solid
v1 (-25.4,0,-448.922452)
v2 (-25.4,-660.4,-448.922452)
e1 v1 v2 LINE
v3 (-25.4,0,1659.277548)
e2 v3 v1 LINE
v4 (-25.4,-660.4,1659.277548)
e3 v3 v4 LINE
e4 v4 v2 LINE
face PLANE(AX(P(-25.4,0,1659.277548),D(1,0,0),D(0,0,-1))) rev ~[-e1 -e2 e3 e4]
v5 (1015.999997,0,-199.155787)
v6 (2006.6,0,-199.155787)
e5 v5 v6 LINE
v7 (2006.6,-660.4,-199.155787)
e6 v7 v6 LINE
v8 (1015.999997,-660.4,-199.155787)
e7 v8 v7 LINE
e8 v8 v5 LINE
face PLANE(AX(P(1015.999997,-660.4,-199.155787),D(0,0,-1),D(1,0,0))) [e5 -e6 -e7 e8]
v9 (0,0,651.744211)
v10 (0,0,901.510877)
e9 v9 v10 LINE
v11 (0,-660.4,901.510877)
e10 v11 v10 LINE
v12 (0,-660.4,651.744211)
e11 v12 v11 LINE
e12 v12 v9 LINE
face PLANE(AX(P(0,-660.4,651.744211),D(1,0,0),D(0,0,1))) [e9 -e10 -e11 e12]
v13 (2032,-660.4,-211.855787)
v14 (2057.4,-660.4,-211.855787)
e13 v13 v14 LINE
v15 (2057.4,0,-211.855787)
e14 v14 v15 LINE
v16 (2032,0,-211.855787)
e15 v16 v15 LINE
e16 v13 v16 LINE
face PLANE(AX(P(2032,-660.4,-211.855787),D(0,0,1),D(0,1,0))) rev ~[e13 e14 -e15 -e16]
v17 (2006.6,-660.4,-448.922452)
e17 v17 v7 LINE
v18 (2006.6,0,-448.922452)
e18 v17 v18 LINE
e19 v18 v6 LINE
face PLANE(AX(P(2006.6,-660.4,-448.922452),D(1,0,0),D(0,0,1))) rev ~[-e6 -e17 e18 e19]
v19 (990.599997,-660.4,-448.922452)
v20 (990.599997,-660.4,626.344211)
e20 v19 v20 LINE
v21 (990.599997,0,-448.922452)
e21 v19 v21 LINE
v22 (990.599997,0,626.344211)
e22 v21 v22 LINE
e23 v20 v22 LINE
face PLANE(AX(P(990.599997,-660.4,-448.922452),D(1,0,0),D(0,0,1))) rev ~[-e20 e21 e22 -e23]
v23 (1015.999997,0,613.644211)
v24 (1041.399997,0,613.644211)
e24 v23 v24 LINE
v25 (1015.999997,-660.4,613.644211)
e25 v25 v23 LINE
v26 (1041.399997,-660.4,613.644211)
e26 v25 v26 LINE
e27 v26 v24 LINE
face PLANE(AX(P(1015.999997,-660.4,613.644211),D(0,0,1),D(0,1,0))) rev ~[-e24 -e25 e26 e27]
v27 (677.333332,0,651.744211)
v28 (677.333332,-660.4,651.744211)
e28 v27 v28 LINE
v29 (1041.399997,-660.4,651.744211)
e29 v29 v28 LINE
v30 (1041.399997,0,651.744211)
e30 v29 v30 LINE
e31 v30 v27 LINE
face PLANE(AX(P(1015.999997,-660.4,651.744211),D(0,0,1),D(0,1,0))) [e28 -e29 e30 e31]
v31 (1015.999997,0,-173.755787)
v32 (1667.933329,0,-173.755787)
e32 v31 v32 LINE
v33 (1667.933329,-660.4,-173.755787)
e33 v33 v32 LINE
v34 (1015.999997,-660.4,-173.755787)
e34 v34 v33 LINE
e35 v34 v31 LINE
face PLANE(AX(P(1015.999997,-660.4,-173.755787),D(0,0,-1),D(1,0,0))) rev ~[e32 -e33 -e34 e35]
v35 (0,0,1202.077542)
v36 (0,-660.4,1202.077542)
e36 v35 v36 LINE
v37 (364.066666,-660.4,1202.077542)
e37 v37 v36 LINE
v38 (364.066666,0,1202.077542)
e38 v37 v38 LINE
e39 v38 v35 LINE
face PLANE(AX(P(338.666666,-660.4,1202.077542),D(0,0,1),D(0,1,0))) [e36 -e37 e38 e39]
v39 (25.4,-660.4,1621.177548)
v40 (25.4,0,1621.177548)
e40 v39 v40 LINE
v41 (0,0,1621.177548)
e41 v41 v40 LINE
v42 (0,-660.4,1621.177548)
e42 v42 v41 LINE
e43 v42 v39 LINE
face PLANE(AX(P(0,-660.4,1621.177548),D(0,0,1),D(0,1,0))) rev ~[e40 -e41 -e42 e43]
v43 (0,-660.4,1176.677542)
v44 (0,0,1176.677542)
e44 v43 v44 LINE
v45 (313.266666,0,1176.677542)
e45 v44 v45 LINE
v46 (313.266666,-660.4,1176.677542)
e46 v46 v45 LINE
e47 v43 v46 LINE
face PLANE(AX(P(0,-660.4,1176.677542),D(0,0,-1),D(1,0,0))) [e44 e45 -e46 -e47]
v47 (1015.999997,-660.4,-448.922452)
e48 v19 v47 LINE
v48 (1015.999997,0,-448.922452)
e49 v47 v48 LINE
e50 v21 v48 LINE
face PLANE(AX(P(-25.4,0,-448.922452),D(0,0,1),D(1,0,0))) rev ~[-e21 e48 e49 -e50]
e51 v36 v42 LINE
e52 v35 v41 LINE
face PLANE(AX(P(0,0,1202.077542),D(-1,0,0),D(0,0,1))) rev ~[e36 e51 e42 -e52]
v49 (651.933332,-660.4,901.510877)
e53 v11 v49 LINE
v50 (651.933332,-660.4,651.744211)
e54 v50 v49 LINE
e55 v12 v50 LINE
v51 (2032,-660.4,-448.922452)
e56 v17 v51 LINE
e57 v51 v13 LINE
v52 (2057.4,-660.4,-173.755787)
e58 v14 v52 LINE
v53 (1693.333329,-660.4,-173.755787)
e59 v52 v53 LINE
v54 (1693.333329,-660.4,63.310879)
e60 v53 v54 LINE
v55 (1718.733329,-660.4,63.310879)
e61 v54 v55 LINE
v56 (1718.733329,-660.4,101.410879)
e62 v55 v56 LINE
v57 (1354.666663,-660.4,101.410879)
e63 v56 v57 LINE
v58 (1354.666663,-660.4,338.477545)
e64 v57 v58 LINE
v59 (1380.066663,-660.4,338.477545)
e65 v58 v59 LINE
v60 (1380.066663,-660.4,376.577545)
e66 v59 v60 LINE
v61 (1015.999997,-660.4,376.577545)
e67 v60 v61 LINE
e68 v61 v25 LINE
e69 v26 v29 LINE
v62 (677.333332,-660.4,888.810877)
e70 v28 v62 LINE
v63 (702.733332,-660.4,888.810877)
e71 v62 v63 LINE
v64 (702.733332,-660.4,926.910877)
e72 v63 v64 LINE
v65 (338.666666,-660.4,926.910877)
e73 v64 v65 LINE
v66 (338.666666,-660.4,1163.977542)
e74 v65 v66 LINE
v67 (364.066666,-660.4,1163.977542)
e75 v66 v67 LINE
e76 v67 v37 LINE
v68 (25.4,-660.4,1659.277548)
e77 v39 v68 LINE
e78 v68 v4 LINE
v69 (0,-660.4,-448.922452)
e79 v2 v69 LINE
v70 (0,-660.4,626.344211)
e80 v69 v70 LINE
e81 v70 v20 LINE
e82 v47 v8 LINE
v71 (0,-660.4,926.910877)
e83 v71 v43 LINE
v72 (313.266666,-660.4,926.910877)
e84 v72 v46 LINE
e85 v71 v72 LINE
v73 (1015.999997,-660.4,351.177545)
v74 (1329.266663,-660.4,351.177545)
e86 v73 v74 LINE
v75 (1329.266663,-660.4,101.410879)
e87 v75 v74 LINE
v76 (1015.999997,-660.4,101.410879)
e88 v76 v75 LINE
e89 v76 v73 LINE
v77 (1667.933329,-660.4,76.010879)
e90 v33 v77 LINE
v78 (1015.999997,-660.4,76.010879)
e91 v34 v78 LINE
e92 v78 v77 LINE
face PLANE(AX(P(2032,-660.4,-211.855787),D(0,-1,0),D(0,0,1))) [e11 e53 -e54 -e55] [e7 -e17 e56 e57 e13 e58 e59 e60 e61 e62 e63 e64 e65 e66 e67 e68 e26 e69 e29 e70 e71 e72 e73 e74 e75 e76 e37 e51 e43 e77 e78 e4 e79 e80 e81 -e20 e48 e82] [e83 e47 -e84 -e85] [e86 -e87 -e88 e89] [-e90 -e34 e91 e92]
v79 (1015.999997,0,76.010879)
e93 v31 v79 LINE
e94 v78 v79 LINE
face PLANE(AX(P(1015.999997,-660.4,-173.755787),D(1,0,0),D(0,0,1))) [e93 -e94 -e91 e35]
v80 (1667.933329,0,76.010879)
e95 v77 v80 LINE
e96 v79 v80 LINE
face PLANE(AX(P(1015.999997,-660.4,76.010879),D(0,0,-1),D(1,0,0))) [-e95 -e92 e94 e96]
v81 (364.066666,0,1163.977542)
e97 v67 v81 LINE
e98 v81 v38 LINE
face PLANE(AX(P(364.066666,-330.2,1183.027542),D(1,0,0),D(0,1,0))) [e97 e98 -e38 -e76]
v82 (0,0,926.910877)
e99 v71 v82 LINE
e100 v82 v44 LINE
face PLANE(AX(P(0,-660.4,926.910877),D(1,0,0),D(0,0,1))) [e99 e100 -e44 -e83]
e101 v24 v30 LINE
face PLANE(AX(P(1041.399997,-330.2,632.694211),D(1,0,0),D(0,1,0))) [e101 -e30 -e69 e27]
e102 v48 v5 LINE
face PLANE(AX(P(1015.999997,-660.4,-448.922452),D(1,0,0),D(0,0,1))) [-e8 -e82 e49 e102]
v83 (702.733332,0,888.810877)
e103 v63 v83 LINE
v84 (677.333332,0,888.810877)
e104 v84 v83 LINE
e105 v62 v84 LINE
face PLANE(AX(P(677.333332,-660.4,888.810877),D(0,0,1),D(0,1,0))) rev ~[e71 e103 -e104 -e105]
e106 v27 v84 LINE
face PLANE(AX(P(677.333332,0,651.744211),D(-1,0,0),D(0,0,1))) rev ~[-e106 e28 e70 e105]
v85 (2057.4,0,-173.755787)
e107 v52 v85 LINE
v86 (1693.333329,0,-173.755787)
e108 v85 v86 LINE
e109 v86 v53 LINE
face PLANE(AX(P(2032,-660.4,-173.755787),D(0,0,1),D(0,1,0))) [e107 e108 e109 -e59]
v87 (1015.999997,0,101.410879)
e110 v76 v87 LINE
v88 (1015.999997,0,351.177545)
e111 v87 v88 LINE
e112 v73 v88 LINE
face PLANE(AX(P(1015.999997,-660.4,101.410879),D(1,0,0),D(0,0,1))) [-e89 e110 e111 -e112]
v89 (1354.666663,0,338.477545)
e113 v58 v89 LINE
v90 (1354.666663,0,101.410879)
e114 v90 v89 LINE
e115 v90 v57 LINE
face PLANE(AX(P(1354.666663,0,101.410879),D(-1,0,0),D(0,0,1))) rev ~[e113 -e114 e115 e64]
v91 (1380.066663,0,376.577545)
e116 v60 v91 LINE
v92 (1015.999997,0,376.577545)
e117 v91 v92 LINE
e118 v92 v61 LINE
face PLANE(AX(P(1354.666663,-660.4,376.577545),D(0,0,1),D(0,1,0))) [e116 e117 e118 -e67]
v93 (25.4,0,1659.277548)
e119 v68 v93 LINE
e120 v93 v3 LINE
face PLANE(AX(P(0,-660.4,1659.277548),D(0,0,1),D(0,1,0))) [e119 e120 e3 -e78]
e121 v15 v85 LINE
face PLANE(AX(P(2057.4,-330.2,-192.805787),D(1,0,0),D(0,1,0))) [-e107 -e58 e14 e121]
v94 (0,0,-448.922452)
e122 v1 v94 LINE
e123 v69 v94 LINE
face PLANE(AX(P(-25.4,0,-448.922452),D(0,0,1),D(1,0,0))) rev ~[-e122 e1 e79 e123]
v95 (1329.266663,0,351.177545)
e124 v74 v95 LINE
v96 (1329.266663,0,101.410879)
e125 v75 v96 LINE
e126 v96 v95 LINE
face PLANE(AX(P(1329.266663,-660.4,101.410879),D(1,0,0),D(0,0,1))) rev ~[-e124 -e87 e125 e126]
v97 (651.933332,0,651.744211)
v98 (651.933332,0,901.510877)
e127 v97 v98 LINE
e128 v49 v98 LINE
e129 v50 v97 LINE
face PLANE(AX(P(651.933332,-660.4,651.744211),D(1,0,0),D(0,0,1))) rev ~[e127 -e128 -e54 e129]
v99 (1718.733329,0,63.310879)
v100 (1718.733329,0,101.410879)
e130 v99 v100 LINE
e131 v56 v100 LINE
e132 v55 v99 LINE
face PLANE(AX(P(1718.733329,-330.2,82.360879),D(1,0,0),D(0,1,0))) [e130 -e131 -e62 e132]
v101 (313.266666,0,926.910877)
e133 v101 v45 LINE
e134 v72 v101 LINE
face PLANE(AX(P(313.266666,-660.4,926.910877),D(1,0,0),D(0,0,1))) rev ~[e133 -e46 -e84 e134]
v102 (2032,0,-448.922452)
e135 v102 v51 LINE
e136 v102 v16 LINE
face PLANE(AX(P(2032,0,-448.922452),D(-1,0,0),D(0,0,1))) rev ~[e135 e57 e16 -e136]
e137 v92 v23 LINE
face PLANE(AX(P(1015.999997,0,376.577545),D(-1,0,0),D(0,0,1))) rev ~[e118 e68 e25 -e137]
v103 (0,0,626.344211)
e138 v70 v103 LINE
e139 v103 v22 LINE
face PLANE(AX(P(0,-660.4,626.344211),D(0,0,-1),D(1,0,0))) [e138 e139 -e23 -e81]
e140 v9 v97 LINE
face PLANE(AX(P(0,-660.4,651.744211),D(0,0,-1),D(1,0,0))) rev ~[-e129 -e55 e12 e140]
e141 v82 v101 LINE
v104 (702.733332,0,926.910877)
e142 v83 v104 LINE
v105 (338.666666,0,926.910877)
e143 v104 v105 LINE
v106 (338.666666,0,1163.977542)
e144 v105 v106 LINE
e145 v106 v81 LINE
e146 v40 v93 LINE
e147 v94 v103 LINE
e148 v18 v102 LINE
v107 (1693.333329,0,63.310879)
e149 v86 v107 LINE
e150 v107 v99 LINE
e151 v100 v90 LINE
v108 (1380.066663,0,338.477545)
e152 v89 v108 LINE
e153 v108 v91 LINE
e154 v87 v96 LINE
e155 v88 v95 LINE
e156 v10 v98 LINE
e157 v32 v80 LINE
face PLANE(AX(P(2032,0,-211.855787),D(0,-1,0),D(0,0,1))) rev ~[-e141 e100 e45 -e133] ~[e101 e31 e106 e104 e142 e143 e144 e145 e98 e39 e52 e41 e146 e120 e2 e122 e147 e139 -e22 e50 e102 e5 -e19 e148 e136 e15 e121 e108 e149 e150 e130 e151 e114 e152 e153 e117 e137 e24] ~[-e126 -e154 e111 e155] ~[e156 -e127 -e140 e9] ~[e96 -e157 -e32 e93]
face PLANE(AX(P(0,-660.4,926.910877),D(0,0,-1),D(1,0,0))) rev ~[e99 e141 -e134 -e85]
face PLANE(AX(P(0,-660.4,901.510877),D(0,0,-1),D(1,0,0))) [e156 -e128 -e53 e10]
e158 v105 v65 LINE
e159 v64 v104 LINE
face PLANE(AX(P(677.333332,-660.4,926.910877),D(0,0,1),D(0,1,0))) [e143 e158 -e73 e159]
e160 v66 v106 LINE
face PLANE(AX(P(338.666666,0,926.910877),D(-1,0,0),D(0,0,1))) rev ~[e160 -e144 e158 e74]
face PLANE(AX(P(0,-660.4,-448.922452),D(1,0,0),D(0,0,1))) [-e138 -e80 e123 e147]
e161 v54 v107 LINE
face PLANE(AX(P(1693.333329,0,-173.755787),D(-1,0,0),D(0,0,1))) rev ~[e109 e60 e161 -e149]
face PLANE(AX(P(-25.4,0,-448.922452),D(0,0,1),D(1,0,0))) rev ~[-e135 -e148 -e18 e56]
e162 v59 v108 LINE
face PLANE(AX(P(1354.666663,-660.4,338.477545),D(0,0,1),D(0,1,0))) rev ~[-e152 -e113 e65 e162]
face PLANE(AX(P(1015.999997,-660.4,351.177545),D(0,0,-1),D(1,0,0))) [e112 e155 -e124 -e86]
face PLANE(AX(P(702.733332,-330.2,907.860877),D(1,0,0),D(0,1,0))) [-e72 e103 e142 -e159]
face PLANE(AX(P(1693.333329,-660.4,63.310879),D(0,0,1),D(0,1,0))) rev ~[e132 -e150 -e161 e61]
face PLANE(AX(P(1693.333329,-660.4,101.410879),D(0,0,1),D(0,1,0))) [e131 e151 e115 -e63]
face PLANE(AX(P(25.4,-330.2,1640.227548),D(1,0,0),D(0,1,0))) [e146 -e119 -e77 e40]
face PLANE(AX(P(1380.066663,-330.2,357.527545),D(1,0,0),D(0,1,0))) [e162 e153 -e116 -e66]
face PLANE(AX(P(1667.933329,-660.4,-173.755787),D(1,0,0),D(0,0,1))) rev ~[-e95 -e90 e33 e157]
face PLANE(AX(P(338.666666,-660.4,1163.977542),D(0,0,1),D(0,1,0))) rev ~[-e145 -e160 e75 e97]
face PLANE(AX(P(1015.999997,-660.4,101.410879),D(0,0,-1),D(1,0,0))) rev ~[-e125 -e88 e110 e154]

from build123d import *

# Parameters (mm, degrees)
F1_DEPTH  = 660.4
F2_W      = 313.26666582
F2_H      = 249.76666582
F2_W_2    = 651.93333164
F2_W_3    = 990.59999746
F2_H_2    = 1075.26666328
F2_W_4    = 990.60000254
F3_DEPTH  = 660.4
F4_W      = 660.4
F4_H      = 38.1
F5_DEPTH  = 25.4
F6_W      = 660.4
F6_H      = 38.1
F7_DEPTH  = 25.4
F8_W      = 660.4
F8_H      = 38.1
F9_DEPTH  = 25.4
F10_W     = 660.4
F10_H     = 38.1
F11_DEPTH = 25.4
F12_W     = 660.4
F12_H     = 38.1
F13_DEPTH = 25.4
F14_W     = 660.4
F14_H     = 38.1
F15_DEPTH = 25.4
F16_W     = 660.4
F16_H     = 38.1
F17_DEPTH = 25.4


with BuildPart() as f1:
    # F0 (on Front) → F1 (new body)
    with BuildSketch(Plane.XZ):
        Polygon((0, 1202.077542445), (0, 1659.277547525), (-25.4, 1659.277547525), (-25.4, -448.922452475), (0, -448.922452475), align=None)
        Polygon((338.66666582, 1202.077542445), (0, 1202.077542445), (0, -448.922452475), (2032, -448.922452475), (2032, -173.755786655), (1693.3333291, -173.755786655), (1693.3333291, 101.410879165), (1354.66666328, 101.410879165), (1354.66666328, 376.577544985), (1015.99999746, 376.577544985), (1015.99999746, 651.744210805), (677.33333164, 651.744210805), (677.33333164, 926.910876625), (338.66666582, 926.910876625), align=None)
    extrude(amount=F1_DEPTH)

    # F2 (on face) → F3 (cut)
    with BuildSketch(Plane.XZ.offset(660.4)):
        with Locations((156.63333291, 1051.794209535)):
            Rectangle(F2_W, F2_H)
        with Locations((325.96666582, 776.627543715)):
            Rectangle(F2_W_2, F2_H)
        with Locations((495.29999873, 88.710879165)):
            Rectangle(F2_W_3, F2_H_2)
        with Locations((1172.63333037, 226.294212075)):
            Rectangle(F2_W, F2_H)
        with Locations((1341.96666328, -48.872453745)):
            Rectangle(F2_W_2, F2_H)
        with Locations((1511.29999873, -324.039119565)):
            Rectangle(F2_W_4, F2_H)
    extrude(amount=-F3_DEPTH, mode=Mode.SUBTRACT)

    # F4 (on face) → F5 (join)
    with BuildSketch(Plane.YZ):
        with Locations((-330.2, 1640.227547525)):
            Rectangle(F4_W, F4_H)
    extrude(amount=F5_DEPTH)

    # F6 (on face) → F7 (join)
    with BuildSketch(Plane.YZ.offset(338.66666582)):
        with Locations((-330.2, 1183.027542445)):
            Rectangle(F6_W, F6_H)
    extrude(amount=F7_DEPTH)

    # F8 (on face) → F9 (join)
    with BuildSketch(Plane.YZ.offset(677.33333164)):
        with Locations((-330.2, 907.860876625)):
            Rectangle(F8_W, F8_H)
    extrude(amount=F9_DEPTH)

    # F10 (on face) → F11 (join)
    with BuildSketch(Plane.YZ.offset(1015.99999746)):
        with Locations((-330.2, 632.694210805)):
            Rectangle(F10_W, F10_H)
    extrude(amount=F11_DEPTH)

    # F12 (on face) → F13 (join)
    with BuildSketch(Plane.YZ.offset(1354.66666328)):
        with Locations((-330.2, 357.527544985)):
            Rectangle(F12_W, F12_H)
    extrude(amount=F13_DEPTH)

    # F14 (on face) → F15 (join)
    with BuildSketch(Plane.YZ.offset(1693.3333291)):
        with Locations((-330.2, 82.360879165)):
            Rectangle(F14_W, F14_H)
    extrude(amount=F15_DEPTH)

    # F16 (on face) → F17 (join)
    with BuildSketch(Plane.YZ.offset(2032)):
        with Locations((-330.2, -192.805786655)):
            Rectangle(F16_W, F16_H)
    extrude(amount=F17_DEPTH)


solid = f1.part
